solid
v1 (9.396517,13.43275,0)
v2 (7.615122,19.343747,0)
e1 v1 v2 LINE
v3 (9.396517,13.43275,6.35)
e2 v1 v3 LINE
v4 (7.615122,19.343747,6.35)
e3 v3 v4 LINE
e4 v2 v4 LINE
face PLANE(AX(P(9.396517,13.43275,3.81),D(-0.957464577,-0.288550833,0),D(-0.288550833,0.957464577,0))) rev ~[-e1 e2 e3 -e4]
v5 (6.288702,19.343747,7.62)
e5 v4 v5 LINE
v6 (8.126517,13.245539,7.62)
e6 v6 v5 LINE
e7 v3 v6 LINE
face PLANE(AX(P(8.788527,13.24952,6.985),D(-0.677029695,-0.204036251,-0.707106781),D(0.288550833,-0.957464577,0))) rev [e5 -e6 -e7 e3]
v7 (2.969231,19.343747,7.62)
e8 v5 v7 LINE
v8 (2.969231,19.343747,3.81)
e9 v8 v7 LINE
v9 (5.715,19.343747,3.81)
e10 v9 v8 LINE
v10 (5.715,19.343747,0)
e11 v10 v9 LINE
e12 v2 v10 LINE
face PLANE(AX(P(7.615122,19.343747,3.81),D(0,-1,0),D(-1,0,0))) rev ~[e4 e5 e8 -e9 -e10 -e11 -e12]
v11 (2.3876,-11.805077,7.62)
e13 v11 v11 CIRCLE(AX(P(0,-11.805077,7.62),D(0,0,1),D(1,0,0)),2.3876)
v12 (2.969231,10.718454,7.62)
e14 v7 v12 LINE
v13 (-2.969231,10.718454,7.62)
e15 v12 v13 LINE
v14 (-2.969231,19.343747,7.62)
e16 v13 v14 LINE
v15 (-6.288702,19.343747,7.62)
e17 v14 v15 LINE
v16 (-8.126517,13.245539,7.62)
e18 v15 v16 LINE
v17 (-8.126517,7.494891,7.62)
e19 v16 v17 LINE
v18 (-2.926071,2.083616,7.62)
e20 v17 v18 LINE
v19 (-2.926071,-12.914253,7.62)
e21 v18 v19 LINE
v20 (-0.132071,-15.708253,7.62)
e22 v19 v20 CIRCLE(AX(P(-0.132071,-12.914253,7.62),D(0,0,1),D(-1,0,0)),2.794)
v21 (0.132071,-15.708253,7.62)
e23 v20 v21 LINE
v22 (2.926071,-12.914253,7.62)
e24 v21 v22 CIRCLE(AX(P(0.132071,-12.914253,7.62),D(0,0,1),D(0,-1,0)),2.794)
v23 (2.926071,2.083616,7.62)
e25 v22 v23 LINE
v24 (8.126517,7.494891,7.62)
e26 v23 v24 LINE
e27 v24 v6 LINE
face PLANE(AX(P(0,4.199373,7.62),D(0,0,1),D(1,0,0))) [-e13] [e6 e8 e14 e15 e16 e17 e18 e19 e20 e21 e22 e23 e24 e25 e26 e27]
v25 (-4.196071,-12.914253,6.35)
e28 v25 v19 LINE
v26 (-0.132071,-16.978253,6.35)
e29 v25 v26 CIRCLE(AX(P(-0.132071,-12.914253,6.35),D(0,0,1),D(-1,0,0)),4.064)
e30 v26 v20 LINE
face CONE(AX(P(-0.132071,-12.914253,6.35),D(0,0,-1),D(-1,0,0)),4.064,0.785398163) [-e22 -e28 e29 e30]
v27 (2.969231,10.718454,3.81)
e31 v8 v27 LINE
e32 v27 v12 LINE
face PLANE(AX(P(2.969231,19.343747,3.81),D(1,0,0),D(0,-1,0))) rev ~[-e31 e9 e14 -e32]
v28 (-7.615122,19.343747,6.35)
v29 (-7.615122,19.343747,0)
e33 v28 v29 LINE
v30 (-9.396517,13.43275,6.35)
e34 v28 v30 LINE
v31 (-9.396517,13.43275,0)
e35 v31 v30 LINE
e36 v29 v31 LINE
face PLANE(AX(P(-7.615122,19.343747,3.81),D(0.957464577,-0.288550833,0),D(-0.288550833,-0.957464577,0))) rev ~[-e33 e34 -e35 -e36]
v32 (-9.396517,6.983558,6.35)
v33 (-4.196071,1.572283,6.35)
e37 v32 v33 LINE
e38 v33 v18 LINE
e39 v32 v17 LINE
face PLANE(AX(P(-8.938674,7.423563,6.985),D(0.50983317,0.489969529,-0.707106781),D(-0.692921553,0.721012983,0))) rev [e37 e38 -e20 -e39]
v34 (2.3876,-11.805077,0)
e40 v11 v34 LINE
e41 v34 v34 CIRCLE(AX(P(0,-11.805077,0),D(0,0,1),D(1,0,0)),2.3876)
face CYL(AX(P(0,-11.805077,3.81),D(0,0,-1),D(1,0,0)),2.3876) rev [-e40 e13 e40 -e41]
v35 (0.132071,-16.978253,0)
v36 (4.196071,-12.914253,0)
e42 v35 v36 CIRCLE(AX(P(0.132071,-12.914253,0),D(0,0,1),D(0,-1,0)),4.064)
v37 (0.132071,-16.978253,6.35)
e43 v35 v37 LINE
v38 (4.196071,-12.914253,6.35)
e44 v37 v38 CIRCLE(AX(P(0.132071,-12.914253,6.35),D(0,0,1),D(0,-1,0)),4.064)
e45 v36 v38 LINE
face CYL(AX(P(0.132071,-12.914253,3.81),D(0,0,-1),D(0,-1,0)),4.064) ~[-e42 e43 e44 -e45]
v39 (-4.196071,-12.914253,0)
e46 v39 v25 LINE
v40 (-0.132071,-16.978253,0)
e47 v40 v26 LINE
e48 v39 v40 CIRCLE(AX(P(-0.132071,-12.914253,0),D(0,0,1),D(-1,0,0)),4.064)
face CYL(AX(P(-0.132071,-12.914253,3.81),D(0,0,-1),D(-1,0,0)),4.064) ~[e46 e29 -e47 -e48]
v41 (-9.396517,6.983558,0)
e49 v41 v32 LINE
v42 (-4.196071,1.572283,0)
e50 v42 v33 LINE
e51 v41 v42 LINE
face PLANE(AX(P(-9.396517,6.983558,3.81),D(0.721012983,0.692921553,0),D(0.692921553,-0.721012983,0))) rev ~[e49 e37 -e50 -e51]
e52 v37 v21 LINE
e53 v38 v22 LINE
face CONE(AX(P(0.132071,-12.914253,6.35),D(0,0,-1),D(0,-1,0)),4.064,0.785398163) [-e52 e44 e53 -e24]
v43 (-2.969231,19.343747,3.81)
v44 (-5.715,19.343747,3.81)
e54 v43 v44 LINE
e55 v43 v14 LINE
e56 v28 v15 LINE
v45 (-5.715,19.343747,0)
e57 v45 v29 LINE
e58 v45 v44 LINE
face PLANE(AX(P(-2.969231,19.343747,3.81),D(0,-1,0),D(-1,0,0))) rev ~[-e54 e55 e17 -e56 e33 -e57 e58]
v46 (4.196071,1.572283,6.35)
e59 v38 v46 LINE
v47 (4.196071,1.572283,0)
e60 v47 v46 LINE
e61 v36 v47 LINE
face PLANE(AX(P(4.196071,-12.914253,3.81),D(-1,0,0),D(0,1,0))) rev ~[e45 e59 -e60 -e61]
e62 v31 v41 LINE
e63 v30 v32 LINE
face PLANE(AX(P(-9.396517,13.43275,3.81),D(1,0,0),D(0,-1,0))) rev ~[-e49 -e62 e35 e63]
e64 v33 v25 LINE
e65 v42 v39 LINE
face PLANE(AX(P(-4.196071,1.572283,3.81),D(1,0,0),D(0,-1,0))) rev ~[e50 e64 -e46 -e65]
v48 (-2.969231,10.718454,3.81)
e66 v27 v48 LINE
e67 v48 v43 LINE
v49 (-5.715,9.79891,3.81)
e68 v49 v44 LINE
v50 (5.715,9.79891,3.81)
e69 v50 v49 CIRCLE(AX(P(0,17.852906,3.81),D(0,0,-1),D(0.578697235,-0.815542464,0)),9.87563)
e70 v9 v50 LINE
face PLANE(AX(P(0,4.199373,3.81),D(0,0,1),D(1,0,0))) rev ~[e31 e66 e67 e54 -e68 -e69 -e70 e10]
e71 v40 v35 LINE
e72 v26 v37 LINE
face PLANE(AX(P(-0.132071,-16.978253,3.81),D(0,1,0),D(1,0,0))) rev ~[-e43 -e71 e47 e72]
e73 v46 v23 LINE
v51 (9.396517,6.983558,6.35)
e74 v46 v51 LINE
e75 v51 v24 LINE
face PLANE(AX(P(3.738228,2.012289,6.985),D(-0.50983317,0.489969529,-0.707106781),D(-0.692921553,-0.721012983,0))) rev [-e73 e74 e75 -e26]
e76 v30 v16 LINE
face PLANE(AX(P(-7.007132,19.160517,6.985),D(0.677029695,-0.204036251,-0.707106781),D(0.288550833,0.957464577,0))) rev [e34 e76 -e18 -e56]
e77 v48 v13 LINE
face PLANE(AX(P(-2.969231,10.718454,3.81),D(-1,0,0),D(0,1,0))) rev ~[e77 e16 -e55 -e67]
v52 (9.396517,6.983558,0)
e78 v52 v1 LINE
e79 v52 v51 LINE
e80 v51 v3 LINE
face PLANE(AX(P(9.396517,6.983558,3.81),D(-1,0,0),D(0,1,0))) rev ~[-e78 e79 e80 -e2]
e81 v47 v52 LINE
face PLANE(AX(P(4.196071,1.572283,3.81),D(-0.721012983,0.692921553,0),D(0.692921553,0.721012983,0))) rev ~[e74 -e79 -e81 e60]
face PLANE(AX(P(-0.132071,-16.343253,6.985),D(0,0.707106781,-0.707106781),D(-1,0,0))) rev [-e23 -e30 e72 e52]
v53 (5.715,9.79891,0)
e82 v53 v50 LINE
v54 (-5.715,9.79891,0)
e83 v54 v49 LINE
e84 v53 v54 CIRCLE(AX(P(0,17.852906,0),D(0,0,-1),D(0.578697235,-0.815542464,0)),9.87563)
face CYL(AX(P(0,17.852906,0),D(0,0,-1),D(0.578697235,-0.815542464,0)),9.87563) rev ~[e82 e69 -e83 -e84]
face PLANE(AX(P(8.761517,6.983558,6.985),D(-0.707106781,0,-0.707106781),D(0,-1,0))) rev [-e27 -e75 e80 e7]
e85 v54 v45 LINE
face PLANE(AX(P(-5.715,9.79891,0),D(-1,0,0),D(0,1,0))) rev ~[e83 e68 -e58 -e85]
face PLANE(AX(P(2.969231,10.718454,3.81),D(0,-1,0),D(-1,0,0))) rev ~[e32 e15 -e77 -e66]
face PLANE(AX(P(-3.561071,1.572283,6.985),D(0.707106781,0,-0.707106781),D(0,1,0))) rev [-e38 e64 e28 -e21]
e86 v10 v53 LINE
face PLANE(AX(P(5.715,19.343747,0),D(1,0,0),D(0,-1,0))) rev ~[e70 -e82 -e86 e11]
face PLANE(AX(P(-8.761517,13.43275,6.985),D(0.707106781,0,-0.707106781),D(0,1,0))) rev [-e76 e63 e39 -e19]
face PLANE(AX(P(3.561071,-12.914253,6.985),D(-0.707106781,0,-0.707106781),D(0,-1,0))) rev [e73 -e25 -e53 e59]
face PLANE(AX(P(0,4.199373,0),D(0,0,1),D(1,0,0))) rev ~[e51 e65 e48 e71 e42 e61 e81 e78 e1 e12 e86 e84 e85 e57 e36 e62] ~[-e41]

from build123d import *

# Parameters (mm, degrees)
F0_R     = 2.3876
F1_DEPTH = 3.81
F2_R     = 2.3876
F3_DEPTH = 3.81
F4_SIZE  = 1.27


with BuildPart() as f1:
    # F0 (on Top) → F1 (new body)
    with BuildSketch(Plane.XY):
        with BuildLine():
            ThreePointArc((5.715, 9.7989101959), (0, 7.9772757461), (-5.715, 9.7989101959))
            Line((-5.715, 9.7989101959), (-5.715, 19.3437465092))
            Line((-5.715, 19.3437465092), (-7.6151215981, 19.3437465092))
            Line((-7.6151215981, 19.3437465092), (-9.3965170219, 13.432749836))
            Line((-9.3965170219, 13.432749836), (-9.3965170219, 6.983557897))
            Line((-9.3965170219, 6.983557897), (-4.1960714835, 1.5722833676))
            Line((-4.1960714835, 1.5722833676), (-4.1960714835, -12.9142534908))
            ThreePointArc((-4.1960714835, -12.9142534908), (-3.0057534422, -15.7879354495), (-0.1320714835, -16.9782534908))
            Line((-0.1320714835, -16.9782534908), (0, -16.9782534908))
            Line((0, -16.9782534908), (0.1320714835, -16.9782534908))
            ThreePointArc((0.1320714835, -16.9782534908), (3.0057534422, -15.7879354495), (4.1960714835, -12.9142534908))
            Line((4.1960714835, -12.9142534908), (4.1960714835, 1.5722833676))
            Line((4.1960714835, 1.5722833676), (9.3965170219, 6.983557897))
            Line((9.3965170219, 6.983557897), (9.3965170219, 13.432749836))
            Line((9.3965170219, 13.432749836), (7.6151215981, 19.3437465092))
            Line((7.6151215981, 19.3437465092), (5.715, 19.3437465092))
            Line((5.715, 19.3437465092), (5.715, 9.7989101959))
        make_face()
        with Locations((0, -11.8050774974)):
            Circle(F0_R, mode=Mode.SUBTRACT)
    extrude(amount=F1_DEPTH)

    # F2 (on face) → F3 (join)
    with BuildSketch(Plane.XY.offset(3.81)):
        with BuildLine():
            Line((-5.715, 9.7989101959), (-5.715, 19.3437465092))
            Line((-5.715, 19.3437465092), (-7.6151215981, 19.3437465092))
            Line((-7.6151215981, 19.3437465092), (-9.3965170219, 13.432749836))
            Line((-9.3965170219, 13.432749836), (-9.3965170219, 6.983557897))
            Line((-9.3965170219, 6.983557897), (-4.1960714835, 1.5722833676))
            Line((-4.1960714835, 1.5722833676), (-4.1960714835, -12.9142534908))
            ThreePointArc((-4.1960714835, -12.9142534908), (-3.0057534422, -15.7879354495), (-0.1320714835, -16.9782534908))
            Line((-0.1320714835, -16.9782534908), (0.1320714835, -16.9782534908))
            ThreePointArc((0.1320714835, -16.9782534908), (3.0057534422, -15.7879354495), (4.1960714835, -12.9142534908))
            Line((4.1960714835, -12.9142534908), (4.1960714835, 1.5722833676))
            Line((4.1960714835, 1.5722833676), (9.3965170219, 6.983557897))
            Line((9.3965170219, 6.983557897), (9.3965170219, 13.432749836))
            Line((9.3965170219, 13.432749836), (7.6151215981, 19.3437465092))
            Line((7.6151215981, 19.3437465092), (5.715, 19.3437465092))
            Line((5.715, 19.3437465092), (5.715, 9.7989101959))
            ThreePointArc((5.715, 9.7989101959), (0, 7.9772757461), (-5.715, 9.7989101959))
        make_face()
        with Locations((0, -11.8050774974)):
            Circle(F2_R, mode=Mode.SUBTRACT)
        with BuildLine():
            Line((-2.9692309909, 19.3437465092), (-5.715, 19.3437465092))
            Line((-5.715, 19.3437465092), (-5.715, 9.7989101959))
            ThreePointArc((-5.715, 9.7989101959), (0, 7.9772757461), (5.715, 9.7989101959))
            Line((5.715, 9.7989101959), (5.715, 19.3437465092))
            Line((5.715, 19.3437465092), (2.9692309909, 19.3437465092))
            Line((2.9692309909, 19.3437465092), (2.9692309909, 10.7184536755))
            Line((2.9692309909, 10.7184536755), (0, 10.7184536755))
            Line((0, 10.7184536755), (-2.9692309909, 10.7184536755))
            Line((-2.9692309909, 10.7184536755), (-2.9692309909, 19.3437465092))
        make_face()
    extrude(amount=F3_DEPTH)

    # F4
    f4_edges = [f1.edges().sort_by_distance(p)[0] for p in [
        (-8.505819, 16.388248, 7.62),
        (-9.396517, 10.208154, 7.62),
        (-6.796294, 4.277921, 7.62),
        (-4.196071, -5.670985, 7.62),
        (6.796294, 4.277921, 7.62),
        (9.396517, 10.208154, 7.62),
        (8.505819, 16.388248, 7.62),
    ]]
    chamfer(f4_edges, length=F4_SIZE)


solid = f1.part
